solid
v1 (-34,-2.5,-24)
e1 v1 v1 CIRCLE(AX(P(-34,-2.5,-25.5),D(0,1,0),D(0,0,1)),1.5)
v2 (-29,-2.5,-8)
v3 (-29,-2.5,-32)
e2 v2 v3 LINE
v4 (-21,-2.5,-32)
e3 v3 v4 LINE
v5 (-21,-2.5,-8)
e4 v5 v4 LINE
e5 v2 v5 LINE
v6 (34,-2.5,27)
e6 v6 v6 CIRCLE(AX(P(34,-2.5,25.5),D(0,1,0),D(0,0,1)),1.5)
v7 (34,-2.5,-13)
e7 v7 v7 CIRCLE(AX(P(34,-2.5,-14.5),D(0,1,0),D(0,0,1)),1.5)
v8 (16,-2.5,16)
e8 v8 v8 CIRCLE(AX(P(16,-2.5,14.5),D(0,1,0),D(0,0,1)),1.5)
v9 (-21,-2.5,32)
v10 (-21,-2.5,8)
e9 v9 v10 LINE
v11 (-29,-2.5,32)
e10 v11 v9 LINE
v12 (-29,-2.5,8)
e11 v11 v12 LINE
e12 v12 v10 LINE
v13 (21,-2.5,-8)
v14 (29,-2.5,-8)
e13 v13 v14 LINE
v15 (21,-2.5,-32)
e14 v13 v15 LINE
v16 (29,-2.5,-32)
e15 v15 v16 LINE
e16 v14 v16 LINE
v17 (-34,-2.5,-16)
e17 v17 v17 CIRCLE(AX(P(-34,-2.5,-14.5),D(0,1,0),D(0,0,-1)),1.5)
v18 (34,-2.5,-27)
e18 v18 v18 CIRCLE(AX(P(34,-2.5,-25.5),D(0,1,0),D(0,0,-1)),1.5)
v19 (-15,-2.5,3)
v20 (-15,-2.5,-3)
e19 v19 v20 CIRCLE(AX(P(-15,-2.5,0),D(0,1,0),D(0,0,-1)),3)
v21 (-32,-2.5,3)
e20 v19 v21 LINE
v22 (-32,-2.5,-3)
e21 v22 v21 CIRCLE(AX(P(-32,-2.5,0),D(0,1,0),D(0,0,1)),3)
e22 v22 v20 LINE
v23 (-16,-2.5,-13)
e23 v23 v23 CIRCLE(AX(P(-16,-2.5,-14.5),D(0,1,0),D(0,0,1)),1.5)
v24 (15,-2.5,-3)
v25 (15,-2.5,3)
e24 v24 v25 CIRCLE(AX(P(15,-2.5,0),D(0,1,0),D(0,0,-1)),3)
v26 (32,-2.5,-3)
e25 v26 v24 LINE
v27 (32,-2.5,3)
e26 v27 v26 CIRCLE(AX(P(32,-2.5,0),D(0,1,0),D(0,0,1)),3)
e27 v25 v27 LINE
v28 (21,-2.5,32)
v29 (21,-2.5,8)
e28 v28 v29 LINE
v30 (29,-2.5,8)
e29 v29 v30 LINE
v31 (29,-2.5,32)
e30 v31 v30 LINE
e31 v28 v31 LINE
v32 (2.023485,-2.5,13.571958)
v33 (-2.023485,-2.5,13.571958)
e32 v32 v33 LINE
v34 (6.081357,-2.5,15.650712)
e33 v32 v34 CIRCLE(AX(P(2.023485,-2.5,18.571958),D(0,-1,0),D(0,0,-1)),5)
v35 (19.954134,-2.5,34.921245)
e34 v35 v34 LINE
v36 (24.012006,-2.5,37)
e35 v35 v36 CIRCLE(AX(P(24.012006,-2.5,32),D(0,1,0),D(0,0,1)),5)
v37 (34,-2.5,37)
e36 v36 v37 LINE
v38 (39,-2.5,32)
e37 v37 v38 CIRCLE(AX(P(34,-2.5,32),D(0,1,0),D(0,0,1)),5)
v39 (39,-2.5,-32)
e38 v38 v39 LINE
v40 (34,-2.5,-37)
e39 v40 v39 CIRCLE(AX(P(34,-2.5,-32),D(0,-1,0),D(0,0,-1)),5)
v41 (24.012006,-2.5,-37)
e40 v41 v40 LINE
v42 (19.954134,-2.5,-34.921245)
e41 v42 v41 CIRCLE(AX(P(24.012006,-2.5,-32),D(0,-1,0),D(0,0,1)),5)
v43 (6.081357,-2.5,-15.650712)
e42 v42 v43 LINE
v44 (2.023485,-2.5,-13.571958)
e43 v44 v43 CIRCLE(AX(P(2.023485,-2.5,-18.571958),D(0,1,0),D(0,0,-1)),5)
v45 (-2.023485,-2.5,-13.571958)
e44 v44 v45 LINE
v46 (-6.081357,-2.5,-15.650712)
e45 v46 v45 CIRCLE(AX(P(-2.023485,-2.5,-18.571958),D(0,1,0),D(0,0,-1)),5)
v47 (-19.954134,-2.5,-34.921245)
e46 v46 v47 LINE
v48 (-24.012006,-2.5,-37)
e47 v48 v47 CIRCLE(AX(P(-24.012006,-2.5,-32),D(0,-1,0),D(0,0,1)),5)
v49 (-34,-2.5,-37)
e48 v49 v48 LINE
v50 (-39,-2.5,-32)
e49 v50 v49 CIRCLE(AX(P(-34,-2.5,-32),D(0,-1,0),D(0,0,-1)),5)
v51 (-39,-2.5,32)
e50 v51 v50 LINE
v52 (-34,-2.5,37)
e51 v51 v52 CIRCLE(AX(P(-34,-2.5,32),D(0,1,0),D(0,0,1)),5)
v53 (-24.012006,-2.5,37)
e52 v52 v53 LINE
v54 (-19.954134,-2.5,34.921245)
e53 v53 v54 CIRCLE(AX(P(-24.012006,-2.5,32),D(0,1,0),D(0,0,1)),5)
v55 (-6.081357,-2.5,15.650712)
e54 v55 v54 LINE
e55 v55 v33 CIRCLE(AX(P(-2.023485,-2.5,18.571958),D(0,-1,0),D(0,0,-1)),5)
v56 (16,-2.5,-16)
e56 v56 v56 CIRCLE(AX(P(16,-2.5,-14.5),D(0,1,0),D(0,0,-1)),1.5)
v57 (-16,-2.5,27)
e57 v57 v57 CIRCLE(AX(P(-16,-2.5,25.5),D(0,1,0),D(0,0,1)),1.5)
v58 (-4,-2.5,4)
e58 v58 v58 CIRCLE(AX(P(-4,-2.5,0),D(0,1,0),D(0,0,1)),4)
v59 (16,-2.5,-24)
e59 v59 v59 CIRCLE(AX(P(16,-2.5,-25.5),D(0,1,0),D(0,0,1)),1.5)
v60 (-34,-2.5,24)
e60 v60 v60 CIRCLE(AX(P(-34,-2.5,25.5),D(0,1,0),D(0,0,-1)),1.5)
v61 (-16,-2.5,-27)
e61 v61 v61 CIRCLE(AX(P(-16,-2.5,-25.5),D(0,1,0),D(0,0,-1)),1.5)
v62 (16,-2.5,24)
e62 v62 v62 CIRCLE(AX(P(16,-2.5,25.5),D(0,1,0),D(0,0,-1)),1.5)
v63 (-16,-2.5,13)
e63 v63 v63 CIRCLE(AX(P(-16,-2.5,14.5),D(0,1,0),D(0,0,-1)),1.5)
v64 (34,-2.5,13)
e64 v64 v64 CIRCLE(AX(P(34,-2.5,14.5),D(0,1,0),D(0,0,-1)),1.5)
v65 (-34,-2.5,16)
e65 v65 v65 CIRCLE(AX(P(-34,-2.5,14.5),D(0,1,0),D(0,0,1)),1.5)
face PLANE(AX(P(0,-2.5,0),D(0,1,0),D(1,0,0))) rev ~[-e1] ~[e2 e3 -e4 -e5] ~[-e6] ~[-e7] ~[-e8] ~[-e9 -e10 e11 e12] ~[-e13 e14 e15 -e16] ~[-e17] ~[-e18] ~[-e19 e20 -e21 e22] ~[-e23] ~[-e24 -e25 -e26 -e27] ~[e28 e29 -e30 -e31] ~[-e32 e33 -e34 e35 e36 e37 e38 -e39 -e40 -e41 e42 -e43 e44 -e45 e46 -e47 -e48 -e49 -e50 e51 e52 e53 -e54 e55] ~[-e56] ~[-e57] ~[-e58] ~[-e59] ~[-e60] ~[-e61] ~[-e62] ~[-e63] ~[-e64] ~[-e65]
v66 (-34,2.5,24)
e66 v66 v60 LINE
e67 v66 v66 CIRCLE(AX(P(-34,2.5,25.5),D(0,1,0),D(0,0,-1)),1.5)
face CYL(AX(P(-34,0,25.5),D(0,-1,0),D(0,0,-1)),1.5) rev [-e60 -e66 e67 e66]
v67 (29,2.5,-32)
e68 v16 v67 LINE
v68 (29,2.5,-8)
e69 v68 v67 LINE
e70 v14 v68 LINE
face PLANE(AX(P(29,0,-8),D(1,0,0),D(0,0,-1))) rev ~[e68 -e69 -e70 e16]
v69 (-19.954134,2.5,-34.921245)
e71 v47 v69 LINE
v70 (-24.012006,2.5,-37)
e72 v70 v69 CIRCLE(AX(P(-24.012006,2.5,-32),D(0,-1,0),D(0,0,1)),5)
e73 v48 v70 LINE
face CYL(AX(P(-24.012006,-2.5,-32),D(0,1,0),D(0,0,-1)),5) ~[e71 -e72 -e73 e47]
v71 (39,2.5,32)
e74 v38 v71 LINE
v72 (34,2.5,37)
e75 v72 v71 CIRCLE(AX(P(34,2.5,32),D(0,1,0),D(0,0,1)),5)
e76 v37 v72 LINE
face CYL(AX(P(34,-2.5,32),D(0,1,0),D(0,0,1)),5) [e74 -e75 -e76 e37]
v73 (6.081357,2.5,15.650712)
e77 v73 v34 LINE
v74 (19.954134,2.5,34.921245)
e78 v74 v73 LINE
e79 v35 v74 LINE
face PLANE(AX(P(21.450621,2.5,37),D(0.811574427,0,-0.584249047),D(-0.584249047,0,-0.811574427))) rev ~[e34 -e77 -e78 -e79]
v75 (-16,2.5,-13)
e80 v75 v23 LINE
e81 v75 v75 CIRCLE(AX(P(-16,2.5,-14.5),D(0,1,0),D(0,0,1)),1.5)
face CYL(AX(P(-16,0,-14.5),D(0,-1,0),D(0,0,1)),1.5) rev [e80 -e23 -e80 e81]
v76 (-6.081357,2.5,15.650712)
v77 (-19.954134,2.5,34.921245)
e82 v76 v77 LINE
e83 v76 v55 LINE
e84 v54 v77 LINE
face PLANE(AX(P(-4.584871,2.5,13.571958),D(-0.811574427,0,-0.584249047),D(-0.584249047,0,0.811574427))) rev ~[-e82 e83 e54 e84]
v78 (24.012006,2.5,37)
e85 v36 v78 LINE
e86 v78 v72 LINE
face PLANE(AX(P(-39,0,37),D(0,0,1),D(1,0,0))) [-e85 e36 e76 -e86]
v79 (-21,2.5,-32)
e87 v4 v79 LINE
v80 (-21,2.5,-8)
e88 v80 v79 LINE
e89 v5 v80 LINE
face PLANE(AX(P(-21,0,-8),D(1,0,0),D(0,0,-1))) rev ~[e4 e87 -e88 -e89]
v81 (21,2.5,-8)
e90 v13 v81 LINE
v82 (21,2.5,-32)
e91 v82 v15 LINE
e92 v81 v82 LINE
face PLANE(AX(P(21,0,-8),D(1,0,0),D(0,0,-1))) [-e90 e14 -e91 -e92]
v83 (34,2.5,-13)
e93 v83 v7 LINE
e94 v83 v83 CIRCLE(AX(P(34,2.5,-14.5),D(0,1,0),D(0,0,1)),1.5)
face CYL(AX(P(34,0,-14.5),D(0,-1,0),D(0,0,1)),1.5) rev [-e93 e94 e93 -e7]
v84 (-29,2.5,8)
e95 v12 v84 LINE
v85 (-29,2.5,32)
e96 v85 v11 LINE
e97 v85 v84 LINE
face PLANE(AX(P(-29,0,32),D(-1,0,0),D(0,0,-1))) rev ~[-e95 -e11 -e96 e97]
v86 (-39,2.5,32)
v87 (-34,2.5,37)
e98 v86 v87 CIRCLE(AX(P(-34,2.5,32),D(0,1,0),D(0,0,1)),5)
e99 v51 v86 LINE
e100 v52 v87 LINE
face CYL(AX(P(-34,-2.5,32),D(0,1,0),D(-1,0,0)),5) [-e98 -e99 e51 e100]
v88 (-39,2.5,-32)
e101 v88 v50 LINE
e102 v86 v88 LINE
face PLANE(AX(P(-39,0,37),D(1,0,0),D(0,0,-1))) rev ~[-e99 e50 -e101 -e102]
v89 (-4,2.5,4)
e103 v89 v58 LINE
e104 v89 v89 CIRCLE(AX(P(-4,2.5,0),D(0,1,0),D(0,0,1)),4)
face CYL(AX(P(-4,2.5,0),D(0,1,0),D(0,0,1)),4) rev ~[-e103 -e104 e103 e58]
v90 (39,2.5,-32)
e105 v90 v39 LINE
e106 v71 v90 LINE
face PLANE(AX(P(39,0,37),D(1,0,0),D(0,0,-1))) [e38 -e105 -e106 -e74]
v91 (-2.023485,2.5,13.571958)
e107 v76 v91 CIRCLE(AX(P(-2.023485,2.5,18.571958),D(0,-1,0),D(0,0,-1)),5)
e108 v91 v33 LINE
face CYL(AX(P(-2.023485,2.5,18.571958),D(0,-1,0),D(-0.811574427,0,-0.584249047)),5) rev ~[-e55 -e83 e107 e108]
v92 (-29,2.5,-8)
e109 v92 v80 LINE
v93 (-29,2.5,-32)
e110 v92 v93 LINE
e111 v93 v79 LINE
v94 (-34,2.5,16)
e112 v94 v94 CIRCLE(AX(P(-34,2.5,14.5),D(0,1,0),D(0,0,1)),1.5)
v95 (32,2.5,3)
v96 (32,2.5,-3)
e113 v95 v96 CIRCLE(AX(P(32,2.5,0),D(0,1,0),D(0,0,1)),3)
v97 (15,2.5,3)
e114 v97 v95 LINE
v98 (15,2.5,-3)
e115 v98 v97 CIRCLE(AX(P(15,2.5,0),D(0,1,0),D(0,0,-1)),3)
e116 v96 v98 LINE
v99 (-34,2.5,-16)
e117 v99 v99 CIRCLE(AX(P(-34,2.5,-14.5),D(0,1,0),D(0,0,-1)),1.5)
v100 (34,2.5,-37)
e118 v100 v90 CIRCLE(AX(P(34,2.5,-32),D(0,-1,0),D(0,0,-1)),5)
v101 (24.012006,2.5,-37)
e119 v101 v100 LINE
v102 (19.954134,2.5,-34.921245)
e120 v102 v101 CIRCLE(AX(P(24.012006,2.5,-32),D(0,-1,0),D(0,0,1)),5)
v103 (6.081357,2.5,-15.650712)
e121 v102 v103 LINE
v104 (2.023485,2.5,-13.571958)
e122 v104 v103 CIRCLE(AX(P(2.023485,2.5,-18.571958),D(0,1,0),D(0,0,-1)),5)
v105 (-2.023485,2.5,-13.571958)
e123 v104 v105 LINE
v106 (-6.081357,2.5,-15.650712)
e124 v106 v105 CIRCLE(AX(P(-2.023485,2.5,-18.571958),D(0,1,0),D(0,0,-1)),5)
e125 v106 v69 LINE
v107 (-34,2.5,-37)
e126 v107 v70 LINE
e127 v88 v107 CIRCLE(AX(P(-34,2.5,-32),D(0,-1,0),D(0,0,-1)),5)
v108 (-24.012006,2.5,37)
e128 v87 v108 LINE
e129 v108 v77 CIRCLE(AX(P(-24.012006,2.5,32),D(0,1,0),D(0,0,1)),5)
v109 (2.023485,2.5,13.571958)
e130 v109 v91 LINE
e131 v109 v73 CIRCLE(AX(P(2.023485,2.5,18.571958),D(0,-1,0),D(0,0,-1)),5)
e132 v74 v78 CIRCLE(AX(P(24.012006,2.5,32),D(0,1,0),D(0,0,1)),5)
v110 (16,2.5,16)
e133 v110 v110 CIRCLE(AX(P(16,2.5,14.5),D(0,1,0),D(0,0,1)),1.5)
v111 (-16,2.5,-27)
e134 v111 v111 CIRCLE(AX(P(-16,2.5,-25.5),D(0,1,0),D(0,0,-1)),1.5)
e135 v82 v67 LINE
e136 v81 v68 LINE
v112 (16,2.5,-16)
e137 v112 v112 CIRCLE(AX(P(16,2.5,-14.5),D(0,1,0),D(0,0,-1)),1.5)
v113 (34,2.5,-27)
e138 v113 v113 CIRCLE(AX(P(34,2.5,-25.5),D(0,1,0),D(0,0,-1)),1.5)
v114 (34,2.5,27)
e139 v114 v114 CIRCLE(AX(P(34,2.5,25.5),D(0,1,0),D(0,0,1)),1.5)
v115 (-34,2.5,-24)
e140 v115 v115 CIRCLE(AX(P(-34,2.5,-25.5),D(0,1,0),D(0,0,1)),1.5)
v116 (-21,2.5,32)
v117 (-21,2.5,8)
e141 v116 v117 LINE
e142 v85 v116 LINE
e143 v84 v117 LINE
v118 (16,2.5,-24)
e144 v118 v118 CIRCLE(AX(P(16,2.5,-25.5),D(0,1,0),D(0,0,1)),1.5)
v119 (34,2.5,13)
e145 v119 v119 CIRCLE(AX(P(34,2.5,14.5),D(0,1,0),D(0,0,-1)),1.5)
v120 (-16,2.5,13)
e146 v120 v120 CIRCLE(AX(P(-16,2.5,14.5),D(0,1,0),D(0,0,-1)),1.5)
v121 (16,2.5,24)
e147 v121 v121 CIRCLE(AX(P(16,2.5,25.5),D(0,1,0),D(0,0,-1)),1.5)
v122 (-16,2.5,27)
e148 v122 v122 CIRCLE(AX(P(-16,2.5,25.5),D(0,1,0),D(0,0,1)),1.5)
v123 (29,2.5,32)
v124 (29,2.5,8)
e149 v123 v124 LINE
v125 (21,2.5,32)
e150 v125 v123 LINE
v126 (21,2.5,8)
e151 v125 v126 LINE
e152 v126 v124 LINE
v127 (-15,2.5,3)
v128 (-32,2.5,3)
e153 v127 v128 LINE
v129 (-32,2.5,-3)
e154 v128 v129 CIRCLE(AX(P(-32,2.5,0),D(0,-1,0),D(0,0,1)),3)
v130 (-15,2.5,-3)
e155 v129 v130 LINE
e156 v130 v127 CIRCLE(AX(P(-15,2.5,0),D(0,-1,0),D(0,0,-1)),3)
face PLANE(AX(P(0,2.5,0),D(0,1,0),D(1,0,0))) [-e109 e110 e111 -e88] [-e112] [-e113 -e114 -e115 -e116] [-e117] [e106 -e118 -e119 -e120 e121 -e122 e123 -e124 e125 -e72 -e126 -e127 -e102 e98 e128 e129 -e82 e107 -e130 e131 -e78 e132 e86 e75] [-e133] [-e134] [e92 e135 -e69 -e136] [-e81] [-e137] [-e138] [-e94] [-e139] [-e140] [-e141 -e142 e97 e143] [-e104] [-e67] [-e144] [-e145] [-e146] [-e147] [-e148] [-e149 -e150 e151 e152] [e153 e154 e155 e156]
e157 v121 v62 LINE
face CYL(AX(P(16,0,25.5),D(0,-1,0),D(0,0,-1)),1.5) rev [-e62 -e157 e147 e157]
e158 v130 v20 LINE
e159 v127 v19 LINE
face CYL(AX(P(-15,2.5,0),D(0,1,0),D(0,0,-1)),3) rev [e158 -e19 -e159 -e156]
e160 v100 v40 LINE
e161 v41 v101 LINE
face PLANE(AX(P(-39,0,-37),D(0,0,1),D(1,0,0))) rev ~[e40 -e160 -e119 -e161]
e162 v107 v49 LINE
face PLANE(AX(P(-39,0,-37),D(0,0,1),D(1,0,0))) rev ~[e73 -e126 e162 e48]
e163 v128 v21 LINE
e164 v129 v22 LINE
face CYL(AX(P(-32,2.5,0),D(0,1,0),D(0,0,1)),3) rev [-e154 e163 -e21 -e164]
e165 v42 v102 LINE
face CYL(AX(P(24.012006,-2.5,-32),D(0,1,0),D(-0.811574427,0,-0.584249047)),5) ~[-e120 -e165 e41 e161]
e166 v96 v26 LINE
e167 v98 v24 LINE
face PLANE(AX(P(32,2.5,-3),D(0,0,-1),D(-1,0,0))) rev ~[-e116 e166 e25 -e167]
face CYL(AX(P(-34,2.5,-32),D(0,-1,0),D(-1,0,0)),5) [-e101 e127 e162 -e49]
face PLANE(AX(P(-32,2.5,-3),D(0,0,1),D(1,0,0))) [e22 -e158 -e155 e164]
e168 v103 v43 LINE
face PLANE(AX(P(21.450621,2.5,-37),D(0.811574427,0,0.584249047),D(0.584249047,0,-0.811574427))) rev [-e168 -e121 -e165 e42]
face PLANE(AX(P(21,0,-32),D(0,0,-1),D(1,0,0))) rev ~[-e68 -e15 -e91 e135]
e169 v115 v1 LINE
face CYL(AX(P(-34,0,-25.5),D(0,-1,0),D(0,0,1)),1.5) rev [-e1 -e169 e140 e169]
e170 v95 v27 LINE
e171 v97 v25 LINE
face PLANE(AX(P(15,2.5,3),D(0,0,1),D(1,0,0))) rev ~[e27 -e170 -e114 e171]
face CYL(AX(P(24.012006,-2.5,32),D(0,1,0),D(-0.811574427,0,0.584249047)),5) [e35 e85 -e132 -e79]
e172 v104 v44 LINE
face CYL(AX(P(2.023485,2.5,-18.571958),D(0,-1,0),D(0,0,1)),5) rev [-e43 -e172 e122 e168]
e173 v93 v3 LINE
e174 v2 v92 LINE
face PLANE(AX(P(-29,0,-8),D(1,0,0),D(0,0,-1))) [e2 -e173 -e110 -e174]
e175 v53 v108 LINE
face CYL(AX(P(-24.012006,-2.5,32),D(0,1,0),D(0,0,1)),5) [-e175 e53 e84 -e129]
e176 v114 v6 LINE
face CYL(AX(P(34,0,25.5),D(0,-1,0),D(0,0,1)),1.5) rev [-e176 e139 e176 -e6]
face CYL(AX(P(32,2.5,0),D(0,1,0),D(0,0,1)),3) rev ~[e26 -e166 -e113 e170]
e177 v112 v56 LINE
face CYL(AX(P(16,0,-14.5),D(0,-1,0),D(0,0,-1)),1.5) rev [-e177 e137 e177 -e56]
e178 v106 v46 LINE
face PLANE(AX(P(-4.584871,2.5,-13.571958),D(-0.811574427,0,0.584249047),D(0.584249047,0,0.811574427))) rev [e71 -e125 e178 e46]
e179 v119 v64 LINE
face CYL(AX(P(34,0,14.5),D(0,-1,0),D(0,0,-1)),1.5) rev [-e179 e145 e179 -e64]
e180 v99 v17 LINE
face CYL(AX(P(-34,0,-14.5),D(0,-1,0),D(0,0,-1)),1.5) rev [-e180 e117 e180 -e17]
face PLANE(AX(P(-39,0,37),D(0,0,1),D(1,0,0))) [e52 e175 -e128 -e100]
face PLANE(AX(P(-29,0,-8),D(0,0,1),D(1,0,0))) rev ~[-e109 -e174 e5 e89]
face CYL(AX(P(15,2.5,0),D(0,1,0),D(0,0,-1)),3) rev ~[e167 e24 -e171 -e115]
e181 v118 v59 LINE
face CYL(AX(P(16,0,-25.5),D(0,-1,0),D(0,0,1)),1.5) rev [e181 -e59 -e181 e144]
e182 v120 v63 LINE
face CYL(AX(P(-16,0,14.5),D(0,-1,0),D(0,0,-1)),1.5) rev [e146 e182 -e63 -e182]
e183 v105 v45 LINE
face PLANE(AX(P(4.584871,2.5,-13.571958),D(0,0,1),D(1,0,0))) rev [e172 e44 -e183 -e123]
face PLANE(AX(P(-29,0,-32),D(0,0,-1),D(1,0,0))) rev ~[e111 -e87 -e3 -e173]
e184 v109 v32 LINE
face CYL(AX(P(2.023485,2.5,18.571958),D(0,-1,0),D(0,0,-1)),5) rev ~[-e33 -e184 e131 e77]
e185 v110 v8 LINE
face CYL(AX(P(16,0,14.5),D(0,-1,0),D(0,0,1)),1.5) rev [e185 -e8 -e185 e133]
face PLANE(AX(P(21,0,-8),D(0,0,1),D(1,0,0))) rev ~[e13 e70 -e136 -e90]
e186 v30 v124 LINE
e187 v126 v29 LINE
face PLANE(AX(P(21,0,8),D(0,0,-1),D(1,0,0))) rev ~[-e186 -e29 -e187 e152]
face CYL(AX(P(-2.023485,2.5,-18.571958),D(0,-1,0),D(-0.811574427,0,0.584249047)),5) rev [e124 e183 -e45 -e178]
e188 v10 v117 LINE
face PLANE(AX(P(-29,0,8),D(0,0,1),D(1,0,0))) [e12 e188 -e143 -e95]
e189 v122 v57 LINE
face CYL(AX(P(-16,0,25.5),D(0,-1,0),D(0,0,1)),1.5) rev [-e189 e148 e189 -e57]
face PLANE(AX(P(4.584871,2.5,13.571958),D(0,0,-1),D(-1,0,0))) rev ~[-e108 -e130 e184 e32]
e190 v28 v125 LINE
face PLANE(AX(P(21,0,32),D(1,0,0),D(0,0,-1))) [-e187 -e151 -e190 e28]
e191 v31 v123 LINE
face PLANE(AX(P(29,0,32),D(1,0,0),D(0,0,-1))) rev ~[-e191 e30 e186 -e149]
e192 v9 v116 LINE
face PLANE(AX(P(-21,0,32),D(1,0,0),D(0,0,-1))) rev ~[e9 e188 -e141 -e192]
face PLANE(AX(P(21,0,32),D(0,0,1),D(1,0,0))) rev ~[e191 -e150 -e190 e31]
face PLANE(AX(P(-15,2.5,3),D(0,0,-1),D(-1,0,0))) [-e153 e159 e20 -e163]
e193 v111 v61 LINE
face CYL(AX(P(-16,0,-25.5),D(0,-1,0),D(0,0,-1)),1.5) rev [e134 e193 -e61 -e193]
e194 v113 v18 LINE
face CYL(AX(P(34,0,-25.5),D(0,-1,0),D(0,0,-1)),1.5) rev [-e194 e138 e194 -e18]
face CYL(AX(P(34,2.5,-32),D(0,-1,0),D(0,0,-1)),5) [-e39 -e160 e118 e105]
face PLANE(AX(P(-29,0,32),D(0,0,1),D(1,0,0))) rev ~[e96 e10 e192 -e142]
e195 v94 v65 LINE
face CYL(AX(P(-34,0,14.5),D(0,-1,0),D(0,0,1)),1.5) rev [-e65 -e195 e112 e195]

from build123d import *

# Parameters (mm, degrees)
ESBO_O1_W                = 78
ESBO_O1_H                = 74
ESBO_O1_R                = 1.5
ESBO_O1_W_2              = 8
ESBO_O1_H_2              = 24
RESSALTO_EXTRUS_O1_DEPTH = 2.5
CORTE_EXTRUS_O1_DEPTH    = 54.990739947
ESBO_O3_R                = 4
CORTE_EXTRUS_O2_DEPTH    = 10
FILETE1_R                = 5


with BuildPart() as part:
    # Esboço1 → Ressalto-extrusão1 (new, symmetric)
    with BuildSketch(Plane(origin=(0, 0, 0), x_dir=(1, 0, 0), z_dir=(0, 1, 0))):
        Rectangle(ESBO_O1_W, ESBO_O1_H)
        with Locations(Location((-34, 25.5, 0), (0, 0, 270))):
            Circle(ESBO_O1_R, mode=Mode.SUBTRACT)
        with Locations(Location((-16, 25.5, 0), (0, 0, 90))):
            Circle(ESBO_O1_R, mode=Mode.SUBTRACT)
        with Locations(Location((-16, 14.5, 0), (0, 0, 270))):
            Circle(ESBO_O1_R, mode=Mode.SUBTRACT)
        with Locations(Location((-34, 14.5, 0), (0, 0, 90))):
            Circle(ESBO_O1_R, mode=Mode.SUBTRACT)
        with Locations(Location((16, 14.5, 0), (0, 0, 90))):
            Circle(ESBO_O1_R, mode=Mode.SUBTRACT)
        with Locations(Location((16, 25.5, 0), (0, 0, 270))):
            Circle(ESBO_O1_R, mode=Mode.SUBTRACT)
        with Locations(Location((34, 14.5, 0), (0, 0, 270))):
            Circle(ESBO_O1_R, mode=Mode.SUBTRACT)
        with Locations(Location((34, 25.5, 0), (0, 0, 90))):
            Circle(ESBO_O1_R, mode=Mode.SUBTRACT)
        with Locations(Location((34, -14.5, 0), (0, 0, 90))):
            Circle(ESBO_O1_R, mode=Mode.SUBTRACT)
        with Locations(Location((16, -14.5, 0), (0, 0, 270))):
            Circle(ESBO_O1_R, mode=Mode.SUBTRACT)
        with Locations(Location((34, -25.5, 0), (0, 0, 270))):
            Circle(ESBO_O1_R, mode=Mode.SUBTRACT)
        with Locations(Location((16, -25.5, 0), (0, 0, 90))):
            Circle(ESBO_O1_R, mode=Mode.SUBTRACT)
        with Locations(Location((-16, -14.5, 0), (0, 0, 90))):
            Circle(ESBO_O1_R, mode=Mode.SUBTRACT)
        with Locations(Location((-16, -25.5, 0), (0, 0, 270))):
            Circle(ESBO_O1_R, mode=Mode.SUBTRACT)
        with Locations(Location((-34, -14.5, 0), (0, 0, 270))):
            Circle(ESBO_O1_R, mode=Mode.SUBTRACT)
        with Locations(Location((-34, -25.5, 0), (0, 0, 90))):
            Circle(ESBO_O1_R, mode=Mode.SUBTRACT)
        with Locations((-25, 20)):
            Rectangle(ESBO_O1_W_2, ESBO_O1_H_2, mode=Mode.SUBTRACT)
        with Locations((25, 20)):
            Rectangle(ESBO_O1_W_2, ESBO_O1_H_2, mode=Mode.SUBTRACT)
        with Locations((25, -20)):
            Rectangle(ESBO_O1_W_2, ESBO_O1_H_2, mode=Mode.SUBTRACT)
        with Locations((-25, -20)):
            Rectangle(ESBO_O1_W_2, ESBO_O1_H_2, mode=Mode.SUBTRACT)
    extrude(amount=RESSALTO_EXTRUS_O1_DEPTH, both=True)

    # Esboço2 → Corte-extrusão1 (cut, symmetric)
    with BuildSketch(Plane(origin=(0, 2.5, 0), x_dir=(1, 0, 0), z_dir=(0, 1, 0))):
        Polygon((-4.584870607, -13.571957621), (-21.450620651, -37), (21.450620651, -37), (4.584870607, -13.571957621), align=None)
    corte_extrus_o1 = extrude(amount=CORTE_EXTRUS_O1_DEPTH, both=True, mode=Mode.SUBTRACT)

    # Espelhar1: Corte-extrusão1 across plane
    add(corte_extrus_o1.mirror(Plane.XY), mode=Mode.SUBTRACT)

    # Esboço3 → Corte-extrusão2 (cut)
    with BuildSketch(Plane(origin=(0, 2.5, 0), x_dir=(1, 0, 0), z_dir=(0, 1, 0))):
        with Locations(Location((-4, 0, 0), (0, 0, 270))):
            Circle(ESBO_O3_R)
        with BuildLine():
            Line((-32, 3), (-15, 3))
            ThreePointArc((-15, 3), (-12, 0), (-15, -3))
            Line((-15, -3), (-32, -3))
            ThreePointArc((-32, -3), (-35, 0), (-32, 3))
        make_face()
        with BuildLine():
            Line((32, 3), (15, 3))
            ThreePointArc((15, 3), (12, 0), (15, -3))
            Line((15, -3), (32, -3))
            ThreePointArc((32, -3), (35, 0), (32, 3))
        make_face()
    extrude(amount=-CORTE_EXTRUS_O2_DEPTH, mode=Mode.SUBTRACT)

    # Filete1
    filete1_edges = [part.edges().sort_by_distance(p)[0] for p in [
        (21.450620651, 0, 37),
        (-21.450620651, 0, 37),
        (-4.584870607, 0, 13.571957621),
        (4.584870607, 0, 13.571957621),
        (21.450620651, 0, -37),
        (-21.450620651, 0, -37),
        (4.584870607, 0, -13.571957621),
        (-4.584870607, 0, -13.571957621),
        (39, 0, 37),
        (-39, 0, 37),
        (-39, 0, -37),
        (39, 0, -37),
    ]]
    fillet(filete1_edges, radius=FILETE1_R)


solid = part.part
